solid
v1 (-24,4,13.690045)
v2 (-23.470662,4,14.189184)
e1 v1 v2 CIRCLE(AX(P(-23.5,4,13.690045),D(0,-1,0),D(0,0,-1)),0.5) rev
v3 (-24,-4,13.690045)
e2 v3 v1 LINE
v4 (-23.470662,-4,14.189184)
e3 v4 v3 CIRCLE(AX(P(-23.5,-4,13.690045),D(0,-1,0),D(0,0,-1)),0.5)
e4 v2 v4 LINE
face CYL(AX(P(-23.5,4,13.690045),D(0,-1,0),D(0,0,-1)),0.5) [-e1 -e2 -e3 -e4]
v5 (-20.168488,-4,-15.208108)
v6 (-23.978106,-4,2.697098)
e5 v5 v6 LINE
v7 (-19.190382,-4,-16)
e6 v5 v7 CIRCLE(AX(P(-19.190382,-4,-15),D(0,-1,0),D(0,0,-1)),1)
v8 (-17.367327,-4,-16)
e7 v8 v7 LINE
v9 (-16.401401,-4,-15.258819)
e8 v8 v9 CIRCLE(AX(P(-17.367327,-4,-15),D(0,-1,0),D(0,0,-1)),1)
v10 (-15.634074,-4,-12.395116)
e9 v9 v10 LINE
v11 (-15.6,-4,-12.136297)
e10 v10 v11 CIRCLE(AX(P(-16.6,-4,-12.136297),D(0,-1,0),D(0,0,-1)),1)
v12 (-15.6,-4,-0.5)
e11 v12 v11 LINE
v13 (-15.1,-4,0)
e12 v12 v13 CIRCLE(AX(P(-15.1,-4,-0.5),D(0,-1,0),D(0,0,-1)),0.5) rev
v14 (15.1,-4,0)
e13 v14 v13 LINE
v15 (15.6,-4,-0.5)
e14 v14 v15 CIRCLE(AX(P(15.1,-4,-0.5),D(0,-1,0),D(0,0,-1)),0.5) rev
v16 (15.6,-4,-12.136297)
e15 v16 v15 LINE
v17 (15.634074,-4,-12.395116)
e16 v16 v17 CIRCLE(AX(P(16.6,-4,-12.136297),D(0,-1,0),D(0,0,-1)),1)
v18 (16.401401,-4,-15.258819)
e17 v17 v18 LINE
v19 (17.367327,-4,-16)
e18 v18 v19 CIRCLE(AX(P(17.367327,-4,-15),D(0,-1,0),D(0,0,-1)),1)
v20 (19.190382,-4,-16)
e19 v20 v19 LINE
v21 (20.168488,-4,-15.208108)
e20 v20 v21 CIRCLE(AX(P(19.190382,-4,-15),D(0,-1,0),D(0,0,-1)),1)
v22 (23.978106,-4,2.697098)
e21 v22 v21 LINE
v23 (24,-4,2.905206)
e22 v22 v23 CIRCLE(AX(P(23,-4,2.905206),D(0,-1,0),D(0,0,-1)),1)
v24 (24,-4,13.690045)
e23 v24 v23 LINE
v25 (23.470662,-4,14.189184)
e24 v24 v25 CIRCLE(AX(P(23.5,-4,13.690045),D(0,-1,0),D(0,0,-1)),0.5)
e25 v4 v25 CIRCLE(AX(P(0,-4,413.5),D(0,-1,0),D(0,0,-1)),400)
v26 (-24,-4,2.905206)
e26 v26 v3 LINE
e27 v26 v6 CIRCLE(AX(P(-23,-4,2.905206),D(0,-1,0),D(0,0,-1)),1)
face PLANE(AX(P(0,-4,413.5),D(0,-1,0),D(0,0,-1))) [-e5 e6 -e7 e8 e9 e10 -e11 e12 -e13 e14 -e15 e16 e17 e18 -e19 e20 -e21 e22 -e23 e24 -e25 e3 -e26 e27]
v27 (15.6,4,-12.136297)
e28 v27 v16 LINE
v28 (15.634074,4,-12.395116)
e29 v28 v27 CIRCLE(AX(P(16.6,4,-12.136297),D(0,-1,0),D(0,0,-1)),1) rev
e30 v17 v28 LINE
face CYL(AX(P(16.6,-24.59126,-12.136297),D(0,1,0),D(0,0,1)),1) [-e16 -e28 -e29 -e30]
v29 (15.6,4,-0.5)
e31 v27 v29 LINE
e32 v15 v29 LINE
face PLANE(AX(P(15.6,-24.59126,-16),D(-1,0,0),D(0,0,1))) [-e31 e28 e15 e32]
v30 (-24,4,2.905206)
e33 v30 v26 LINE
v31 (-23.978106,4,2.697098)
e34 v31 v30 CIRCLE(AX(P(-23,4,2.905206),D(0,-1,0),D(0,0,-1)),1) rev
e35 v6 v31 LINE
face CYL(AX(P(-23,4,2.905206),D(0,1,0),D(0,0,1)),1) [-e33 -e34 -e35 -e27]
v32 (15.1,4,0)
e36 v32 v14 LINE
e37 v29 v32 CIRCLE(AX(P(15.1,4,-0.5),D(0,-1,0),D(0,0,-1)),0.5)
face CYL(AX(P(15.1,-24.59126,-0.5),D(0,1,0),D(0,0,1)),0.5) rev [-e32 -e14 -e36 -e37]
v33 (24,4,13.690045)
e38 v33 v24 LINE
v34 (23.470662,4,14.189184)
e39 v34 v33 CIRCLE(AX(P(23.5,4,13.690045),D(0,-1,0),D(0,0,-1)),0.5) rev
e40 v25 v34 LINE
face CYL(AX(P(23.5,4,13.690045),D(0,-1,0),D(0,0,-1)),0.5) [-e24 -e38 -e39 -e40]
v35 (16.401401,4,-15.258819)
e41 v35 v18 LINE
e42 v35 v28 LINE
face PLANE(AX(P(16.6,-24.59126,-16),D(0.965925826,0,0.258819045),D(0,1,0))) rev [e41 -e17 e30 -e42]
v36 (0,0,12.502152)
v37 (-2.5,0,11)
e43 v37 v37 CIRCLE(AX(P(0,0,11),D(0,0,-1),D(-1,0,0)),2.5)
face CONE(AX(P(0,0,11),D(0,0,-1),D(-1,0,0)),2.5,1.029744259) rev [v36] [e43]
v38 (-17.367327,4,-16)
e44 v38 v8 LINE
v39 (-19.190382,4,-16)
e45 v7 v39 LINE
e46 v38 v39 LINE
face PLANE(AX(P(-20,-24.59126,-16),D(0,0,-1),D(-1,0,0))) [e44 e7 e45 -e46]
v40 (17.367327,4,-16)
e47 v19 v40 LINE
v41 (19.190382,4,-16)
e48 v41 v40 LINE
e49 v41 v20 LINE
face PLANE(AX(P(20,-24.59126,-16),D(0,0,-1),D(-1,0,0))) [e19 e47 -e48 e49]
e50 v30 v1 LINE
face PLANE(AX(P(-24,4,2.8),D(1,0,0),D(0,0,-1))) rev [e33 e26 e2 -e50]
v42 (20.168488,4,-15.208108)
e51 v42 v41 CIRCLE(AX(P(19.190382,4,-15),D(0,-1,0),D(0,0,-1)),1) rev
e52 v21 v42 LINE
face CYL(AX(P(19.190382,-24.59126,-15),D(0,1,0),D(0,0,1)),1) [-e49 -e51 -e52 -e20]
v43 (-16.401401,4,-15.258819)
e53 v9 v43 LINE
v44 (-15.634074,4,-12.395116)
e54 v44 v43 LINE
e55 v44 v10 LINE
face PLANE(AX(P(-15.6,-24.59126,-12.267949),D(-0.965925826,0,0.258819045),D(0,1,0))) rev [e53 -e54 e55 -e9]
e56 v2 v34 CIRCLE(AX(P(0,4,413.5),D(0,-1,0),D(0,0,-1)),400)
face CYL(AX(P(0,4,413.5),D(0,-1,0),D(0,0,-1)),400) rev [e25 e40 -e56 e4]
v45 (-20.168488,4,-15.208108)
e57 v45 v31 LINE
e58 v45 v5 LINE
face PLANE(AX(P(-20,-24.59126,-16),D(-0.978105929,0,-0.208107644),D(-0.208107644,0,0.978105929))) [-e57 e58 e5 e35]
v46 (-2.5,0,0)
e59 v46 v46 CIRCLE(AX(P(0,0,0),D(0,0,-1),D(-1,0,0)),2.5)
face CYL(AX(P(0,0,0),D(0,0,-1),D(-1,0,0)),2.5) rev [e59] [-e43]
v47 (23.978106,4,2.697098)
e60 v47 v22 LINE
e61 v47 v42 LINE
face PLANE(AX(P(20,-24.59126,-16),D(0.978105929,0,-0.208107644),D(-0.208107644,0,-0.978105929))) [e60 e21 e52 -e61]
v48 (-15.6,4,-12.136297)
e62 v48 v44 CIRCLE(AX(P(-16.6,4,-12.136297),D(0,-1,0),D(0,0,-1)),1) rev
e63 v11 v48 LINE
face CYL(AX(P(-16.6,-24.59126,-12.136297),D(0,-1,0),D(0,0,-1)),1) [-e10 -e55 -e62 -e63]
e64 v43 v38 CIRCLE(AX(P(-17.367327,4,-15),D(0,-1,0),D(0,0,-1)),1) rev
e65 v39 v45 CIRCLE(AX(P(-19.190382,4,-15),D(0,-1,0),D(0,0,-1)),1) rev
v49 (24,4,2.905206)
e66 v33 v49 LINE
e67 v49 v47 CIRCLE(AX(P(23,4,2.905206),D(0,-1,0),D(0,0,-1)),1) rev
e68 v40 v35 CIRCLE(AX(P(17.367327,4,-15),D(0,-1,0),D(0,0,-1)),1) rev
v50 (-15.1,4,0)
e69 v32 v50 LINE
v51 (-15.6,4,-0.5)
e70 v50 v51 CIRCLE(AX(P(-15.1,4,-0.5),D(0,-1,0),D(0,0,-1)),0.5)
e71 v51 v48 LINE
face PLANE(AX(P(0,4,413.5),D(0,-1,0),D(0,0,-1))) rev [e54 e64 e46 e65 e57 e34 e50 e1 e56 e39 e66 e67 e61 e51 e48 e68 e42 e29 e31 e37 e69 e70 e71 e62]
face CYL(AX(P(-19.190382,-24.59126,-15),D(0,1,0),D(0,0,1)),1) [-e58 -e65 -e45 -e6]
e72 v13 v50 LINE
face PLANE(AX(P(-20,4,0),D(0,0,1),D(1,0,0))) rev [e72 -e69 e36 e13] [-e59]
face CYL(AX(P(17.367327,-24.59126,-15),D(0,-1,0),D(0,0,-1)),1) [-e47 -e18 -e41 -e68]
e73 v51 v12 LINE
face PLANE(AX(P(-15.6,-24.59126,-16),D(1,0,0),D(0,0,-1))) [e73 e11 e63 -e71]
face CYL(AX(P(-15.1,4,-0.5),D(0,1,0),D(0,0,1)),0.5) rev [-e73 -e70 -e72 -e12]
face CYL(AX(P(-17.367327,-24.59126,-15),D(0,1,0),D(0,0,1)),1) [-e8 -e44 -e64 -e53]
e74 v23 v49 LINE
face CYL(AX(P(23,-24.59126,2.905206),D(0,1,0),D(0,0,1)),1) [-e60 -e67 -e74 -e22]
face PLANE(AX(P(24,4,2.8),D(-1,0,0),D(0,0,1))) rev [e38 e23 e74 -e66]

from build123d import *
from OCP.BRepFilletAPI import BRepFilletAPI_MakeChamfer

# Parameters (mm, degrees)
BOSS_EXTRUDE1_DEPTH       = 4
BOSS_EXTRUDE2_DEPTH       = 8
M6X1_0_TAPPED_HOLE1_D     = 5
M6X1_0_TAPPED_HOLE1_DEPTH = 11
M6X1_0_TAPPED_HOLE1_TIP   = 1.502151548
CHAMFER1_SIZE             = 1
CHAMFER1_SIZE2            = 3.732050808
FILLET1_R                 = 1
FILLET2_R                 = 0.5


with BuildPart() as part:
    # Sketch1 → Boss-Extrude1 (new, symmetric)
    with BuildSketch(Plane(origin=(0, 0, 0), x_dir=(1, 0, 0), z_dir=(0, 1, 0))):
        with BuildLine():
            Line((-20, 0), (0, 0))
            Line((0, 0), (20, 0))
            Line((20, 0), (20, -2.8))
            Line((20, -2.8), (24, -2.8))
            Line((24, -2.8), (24, -14.220649169))
            ThreePointArc((24, -14.220649169), (0, -13.5), (-24, -14.220649169))
            Line((-24, -14.220649169), (-24, -2.8))
            Line((-24, -2.8), (-20, -2.8))
            Line((-20, -2.8), (-20, 0))
        make_face()
    extrude(amount=BOSS_EXTRUDE1_DEPTH, both=True)

    # Sketch5 → Boss-Extrude2 (add)
    with BuildSketch(Plane(origin=(0, 4, 0), x_dir=(1, 0, 0), z_dir=(0, 1, 0))):
        Polygon((-20, 16), (-15.6, 16), (-15.6, 0), (-20, 0), (-20, -2.8), (-24, -2.8), align=None)
        Polygon((20, -2.8), (20, 0), (15.6, 0), (15.6, 16), (20, 16), (24, -2.8), align=None)
    extrude(amount=-BOSS_EXTRUDE2_DEPTH)

    # M6x1.0 Tapped Hole1
    with Locations(Plane(origin=(0, 0, 0), x_dir=(-1, 0, 0), z_dir=(0, 0, -1))):
        with Locations((0, 0)):
            Hole(M6X1_0_TAPPED_HOLE1_D / 2, depth=M6X1_0_TAPPED_HOLE1_DEPTH)
            with Locations((0, 0, -(M6X1_0_TAPPED_HOLE1_DEPTH + M6X1_0_TAPPED_HOLE1_TIP / 2))):  # 118° drill point
                Cone(0, M6X1_0_TAPPED_HOLE1_D / 2, M6X1_0_TAPPED_HOLE1_TIP, mode=Mode.SUBTRACT)

    # Chamfer1: one chamfer whose edges measure the first distance from different faces: ONE call of the kernel's chamfer builder (chamfer() names one face for all edges)
    chamfer1_edges_1 = [part.edges().sort_by_distance(p)[0] for p in [
        (-15.6, 0, -16),
    ]]
    chamfer1_side_1 = [part.faces().sort_by_distance(p)[0] for p in [
        (-17.8, 0, -16),
    ]]
    chamfer1_edges_2 = [part.edges().sort_by_distance(p)[0] for p in [
        (15.6, 0, -16),
    ]]
    chamfer1_side_2 = [part.faces().sort_by_distance(p)[0] for p in [
        (17.8, 0, -16),
    ]]
    chamfer1 = BRepFilletAPI_MakeChamfer(part.part.solid().wrapped)
    for e in chamfer1_edges_1:
        chamfer1.Add(CHAMFER1_SIZE, CHAMFER1_SIZE2, e.wrapped, chamfer1_side_1[0].wrapped)  # the first distance lies on this face
    for e in chamfer1_edges_2:
        chamfer1.Add(CHAMFER1_SIZE, CHAMFER1_SIZE2, e.wrapped, chamfer1_side_2[0].wrapped)  # the first distance lies on this face
    add(Compound.cast(chamfer1.Shape()), mode=Mode.REPLACE)

    # Fillet1
    fillet1_edges = [part.edges().sort_by_distance(p)[0] for p in [
        (24, 0, 2.8),
        (-24, 0, 2.8),
        (-20, 0, -16),
        (20, 0, -16),
        (16.6, 0, -16),
        (15.6, 0, -12.267949192),
        (-15.6, 0, -12.267949192),
        (-16.6, 0, -16),
    ]]
    fillet(fillet1_edges, radius=FILLET1_R)

    # Fillet2
    fillet2_edges = [part.edges().sort_by_distance(p)[0] for p in [
        (24, 0, 14.220649169),
        (-24, 0, 14.220649169),
        (-15.6, 0, 0),
        (15.6, 0, 0),
    ]]
    fillet(fillet2_edges, radius=FILLET2_R)


solid = part.part
